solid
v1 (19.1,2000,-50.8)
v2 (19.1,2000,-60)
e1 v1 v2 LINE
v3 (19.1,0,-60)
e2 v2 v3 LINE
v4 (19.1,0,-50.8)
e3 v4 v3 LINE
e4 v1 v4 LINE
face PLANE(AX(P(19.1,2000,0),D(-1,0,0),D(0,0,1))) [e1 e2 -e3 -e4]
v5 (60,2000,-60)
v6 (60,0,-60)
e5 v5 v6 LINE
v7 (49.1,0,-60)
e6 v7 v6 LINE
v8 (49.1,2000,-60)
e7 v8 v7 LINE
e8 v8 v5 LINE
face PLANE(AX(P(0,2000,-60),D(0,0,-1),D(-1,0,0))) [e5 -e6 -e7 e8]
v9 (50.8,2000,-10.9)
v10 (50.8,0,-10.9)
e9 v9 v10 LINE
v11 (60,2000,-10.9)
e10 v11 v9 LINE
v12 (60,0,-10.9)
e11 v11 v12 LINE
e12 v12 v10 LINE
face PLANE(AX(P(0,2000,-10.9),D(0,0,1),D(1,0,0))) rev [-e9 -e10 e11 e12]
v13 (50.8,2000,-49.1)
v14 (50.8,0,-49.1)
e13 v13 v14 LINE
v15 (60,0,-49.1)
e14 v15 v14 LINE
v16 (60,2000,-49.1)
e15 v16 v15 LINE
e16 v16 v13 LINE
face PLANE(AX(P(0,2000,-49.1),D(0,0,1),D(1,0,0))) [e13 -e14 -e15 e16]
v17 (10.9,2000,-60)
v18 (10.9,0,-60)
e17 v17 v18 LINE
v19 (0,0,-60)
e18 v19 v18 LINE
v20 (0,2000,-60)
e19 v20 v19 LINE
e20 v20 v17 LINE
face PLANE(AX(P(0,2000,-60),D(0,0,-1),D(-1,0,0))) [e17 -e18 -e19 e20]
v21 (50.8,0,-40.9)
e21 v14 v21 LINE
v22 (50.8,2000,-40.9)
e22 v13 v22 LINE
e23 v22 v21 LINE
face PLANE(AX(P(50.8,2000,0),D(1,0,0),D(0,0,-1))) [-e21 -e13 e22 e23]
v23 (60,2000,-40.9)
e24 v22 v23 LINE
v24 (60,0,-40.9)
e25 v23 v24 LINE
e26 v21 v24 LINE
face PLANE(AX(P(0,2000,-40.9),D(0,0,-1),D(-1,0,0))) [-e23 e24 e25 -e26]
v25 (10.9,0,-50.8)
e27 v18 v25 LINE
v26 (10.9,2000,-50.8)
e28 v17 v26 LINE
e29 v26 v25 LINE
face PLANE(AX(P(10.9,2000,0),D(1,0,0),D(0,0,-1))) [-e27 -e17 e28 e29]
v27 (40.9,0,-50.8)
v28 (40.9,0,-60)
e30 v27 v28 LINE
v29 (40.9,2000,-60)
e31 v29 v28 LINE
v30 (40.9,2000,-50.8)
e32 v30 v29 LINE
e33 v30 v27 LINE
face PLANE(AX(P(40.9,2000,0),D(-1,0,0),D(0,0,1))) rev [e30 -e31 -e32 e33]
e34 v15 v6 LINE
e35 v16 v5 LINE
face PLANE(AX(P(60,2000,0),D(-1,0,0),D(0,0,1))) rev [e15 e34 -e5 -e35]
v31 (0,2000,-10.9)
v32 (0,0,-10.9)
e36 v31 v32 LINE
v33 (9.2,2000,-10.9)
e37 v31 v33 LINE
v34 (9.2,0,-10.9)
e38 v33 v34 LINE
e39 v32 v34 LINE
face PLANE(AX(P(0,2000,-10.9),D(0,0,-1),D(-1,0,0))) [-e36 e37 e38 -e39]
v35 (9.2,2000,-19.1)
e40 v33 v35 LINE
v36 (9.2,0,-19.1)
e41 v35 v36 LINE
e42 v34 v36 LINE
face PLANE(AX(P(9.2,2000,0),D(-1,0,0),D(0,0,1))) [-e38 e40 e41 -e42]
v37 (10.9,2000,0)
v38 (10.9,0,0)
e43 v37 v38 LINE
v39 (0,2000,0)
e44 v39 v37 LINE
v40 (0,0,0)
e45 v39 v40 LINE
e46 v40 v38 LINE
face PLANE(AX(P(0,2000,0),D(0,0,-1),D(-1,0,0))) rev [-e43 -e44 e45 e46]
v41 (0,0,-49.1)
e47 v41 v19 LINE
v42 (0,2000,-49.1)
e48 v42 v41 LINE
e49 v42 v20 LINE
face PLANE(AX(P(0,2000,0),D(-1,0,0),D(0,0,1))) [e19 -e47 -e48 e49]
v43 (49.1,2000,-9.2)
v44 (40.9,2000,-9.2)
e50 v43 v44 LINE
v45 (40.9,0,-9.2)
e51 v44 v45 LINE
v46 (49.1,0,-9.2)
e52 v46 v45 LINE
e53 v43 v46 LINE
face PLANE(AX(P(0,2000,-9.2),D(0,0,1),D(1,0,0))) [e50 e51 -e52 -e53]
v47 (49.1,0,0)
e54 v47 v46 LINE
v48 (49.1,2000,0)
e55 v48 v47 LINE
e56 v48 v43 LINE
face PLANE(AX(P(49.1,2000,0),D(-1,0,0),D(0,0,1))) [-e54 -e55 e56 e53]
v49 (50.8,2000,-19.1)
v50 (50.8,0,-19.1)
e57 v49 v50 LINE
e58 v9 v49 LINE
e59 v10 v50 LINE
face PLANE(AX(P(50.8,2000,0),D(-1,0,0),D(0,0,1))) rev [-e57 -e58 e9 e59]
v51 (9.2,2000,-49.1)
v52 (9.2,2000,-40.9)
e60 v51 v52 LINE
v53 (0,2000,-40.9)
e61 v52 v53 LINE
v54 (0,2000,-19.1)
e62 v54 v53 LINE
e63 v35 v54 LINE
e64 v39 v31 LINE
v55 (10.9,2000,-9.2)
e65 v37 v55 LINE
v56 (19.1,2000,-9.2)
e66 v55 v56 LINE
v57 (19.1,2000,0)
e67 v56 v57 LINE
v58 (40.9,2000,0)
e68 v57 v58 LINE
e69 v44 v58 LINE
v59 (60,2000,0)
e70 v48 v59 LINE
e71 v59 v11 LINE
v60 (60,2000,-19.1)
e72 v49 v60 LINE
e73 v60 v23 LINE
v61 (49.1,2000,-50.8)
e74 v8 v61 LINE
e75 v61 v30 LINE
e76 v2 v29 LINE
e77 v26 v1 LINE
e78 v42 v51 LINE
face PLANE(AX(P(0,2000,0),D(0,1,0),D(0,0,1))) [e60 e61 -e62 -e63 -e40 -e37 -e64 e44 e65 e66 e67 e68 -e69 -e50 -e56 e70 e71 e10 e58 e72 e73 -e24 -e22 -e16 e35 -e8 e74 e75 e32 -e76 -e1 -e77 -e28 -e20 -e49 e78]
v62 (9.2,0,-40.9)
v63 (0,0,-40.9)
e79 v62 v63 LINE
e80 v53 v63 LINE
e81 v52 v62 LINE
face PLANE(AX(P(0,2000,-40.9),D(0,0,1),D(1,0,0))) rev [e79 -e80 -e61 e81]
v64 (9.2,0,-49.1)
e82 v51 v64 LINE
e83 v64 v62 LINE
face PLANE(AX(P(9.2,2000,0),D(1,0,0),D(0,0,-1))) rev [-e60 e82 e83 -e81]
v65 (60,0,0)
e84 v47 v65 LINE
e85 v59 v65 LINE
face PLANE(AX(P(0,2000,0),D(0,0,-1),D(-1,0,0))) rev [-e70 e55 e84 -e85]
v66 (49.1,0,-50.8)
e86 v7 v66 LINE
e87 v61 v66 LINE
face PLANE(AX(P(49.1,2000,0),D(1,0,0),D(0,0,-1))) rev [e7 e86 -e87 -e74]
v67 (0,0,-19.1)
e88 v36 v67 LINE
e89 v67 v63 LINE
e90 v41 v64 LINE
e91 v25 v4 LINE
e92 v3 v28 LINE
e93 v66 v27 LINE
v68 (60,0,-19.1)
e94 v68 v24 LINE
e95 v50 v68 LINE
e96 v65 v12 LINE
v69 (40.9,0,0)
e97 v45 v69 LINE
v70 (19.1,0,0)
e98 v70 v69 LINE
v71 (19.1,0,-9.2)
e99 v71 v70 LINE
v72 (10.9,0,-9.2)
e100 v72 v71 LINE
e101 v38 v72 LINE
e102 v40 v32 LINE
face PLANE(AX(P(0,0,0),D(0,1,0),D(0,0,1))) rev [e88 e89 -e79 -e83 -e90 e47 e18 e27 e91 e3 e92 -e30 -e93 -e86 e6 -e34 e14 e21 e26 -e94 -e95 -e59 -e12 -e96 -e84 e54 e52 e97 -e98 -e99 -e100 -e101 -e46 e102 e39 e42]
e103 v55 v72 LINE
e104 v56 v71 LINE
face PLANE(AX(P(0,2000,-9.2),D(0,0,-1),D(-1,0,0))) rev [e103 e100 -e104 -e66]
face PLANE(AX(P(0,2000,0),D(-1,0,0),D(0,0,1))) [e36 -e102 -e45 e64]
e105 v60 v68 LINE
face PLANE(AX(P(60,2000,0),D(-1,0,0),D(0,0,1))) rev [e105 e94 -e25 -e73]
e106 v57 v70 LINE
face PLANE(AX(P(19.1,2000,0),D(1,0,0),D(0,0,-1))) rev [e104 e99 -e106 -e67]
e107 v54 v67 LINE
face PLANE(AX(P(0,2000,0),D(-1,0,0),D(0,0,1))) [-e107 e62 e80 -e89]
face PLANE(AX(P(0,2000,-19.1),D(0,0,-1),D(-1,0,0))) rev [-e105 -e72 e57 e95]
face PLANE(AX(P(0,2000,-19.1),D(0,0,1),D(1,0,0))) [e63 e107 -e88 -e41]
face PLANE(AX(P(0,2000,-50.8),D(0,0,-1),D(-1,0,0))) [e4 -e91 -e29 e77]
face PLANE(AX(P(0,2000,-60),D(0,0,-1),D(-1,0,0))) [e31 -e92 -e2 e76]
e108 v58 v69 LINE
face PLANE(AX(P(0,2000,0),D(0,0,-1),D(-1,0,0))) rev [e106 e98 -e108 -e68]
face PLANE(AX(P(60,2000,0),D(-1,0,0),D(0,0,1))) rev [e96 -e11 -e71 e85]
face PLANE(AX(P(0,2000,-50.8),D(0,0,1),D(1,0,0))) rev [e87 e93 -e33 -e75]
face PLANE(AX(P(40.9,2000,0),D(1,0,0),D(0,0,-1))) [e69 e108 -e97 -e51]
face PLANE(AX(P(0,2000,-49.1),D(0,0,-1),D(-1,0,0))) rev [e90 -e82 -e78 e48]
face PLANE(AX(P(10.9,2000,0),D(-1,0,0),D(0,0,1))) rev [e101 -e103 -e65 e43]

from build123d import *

# Parameters (mm, degrees)
EXTRUDE_1_DEPTH = 2000


with BuildPart() as part:
    # 草图1 → 凸台-拉伸1 (new body)
    with BuildSketch(Plane(origin=(0, 0, 0), x_dir=(1, 0, 0), z_dir=(0, 1, 0))):
        Polygon((10.9, 60), (0, 60), (0, 49.1), (9.2, 49.1), (9.2, 40.9), (0, 40.9), (0, 30), (30, 30), (30, 60), (19.1, 60), (19.1, 50.8), (10.9, 50.8), align=None)
        Polygon((40.9, 60), (30, 60), (30, 30), (60, 30), (60, 40.9), (50.8, 40.9), (50.8, 49.1), (60, 49.1), (60, 60), (49.1, 60), (49.1, 50.8), (40.9, 50.8), align=None)
        Polygon((60, 30), (30, 30), (30, 0), (40.9, 0), (40.9, 9.2), (49.1, 9.2), (49.1, 0), (60, 0), (60, 10.9), (50.8, 10.9), (50.8, 19.1), (60, 19.1), align=None)
        Polygon((30, 30), (0, 30), (30, 0), align=None)
        Polygon((30, 0), (0, 30), (0, 19.1), (9.2, 19.1), (9.2, 10.9), (0, 10.9), (0, 0), (10.9, 0), (10.9, 9.2), (19.1, 9.2), (19.1, 0), align=None)
    extrude(amount=EXTRUDE_1_DEPTH)


solid = part.part
